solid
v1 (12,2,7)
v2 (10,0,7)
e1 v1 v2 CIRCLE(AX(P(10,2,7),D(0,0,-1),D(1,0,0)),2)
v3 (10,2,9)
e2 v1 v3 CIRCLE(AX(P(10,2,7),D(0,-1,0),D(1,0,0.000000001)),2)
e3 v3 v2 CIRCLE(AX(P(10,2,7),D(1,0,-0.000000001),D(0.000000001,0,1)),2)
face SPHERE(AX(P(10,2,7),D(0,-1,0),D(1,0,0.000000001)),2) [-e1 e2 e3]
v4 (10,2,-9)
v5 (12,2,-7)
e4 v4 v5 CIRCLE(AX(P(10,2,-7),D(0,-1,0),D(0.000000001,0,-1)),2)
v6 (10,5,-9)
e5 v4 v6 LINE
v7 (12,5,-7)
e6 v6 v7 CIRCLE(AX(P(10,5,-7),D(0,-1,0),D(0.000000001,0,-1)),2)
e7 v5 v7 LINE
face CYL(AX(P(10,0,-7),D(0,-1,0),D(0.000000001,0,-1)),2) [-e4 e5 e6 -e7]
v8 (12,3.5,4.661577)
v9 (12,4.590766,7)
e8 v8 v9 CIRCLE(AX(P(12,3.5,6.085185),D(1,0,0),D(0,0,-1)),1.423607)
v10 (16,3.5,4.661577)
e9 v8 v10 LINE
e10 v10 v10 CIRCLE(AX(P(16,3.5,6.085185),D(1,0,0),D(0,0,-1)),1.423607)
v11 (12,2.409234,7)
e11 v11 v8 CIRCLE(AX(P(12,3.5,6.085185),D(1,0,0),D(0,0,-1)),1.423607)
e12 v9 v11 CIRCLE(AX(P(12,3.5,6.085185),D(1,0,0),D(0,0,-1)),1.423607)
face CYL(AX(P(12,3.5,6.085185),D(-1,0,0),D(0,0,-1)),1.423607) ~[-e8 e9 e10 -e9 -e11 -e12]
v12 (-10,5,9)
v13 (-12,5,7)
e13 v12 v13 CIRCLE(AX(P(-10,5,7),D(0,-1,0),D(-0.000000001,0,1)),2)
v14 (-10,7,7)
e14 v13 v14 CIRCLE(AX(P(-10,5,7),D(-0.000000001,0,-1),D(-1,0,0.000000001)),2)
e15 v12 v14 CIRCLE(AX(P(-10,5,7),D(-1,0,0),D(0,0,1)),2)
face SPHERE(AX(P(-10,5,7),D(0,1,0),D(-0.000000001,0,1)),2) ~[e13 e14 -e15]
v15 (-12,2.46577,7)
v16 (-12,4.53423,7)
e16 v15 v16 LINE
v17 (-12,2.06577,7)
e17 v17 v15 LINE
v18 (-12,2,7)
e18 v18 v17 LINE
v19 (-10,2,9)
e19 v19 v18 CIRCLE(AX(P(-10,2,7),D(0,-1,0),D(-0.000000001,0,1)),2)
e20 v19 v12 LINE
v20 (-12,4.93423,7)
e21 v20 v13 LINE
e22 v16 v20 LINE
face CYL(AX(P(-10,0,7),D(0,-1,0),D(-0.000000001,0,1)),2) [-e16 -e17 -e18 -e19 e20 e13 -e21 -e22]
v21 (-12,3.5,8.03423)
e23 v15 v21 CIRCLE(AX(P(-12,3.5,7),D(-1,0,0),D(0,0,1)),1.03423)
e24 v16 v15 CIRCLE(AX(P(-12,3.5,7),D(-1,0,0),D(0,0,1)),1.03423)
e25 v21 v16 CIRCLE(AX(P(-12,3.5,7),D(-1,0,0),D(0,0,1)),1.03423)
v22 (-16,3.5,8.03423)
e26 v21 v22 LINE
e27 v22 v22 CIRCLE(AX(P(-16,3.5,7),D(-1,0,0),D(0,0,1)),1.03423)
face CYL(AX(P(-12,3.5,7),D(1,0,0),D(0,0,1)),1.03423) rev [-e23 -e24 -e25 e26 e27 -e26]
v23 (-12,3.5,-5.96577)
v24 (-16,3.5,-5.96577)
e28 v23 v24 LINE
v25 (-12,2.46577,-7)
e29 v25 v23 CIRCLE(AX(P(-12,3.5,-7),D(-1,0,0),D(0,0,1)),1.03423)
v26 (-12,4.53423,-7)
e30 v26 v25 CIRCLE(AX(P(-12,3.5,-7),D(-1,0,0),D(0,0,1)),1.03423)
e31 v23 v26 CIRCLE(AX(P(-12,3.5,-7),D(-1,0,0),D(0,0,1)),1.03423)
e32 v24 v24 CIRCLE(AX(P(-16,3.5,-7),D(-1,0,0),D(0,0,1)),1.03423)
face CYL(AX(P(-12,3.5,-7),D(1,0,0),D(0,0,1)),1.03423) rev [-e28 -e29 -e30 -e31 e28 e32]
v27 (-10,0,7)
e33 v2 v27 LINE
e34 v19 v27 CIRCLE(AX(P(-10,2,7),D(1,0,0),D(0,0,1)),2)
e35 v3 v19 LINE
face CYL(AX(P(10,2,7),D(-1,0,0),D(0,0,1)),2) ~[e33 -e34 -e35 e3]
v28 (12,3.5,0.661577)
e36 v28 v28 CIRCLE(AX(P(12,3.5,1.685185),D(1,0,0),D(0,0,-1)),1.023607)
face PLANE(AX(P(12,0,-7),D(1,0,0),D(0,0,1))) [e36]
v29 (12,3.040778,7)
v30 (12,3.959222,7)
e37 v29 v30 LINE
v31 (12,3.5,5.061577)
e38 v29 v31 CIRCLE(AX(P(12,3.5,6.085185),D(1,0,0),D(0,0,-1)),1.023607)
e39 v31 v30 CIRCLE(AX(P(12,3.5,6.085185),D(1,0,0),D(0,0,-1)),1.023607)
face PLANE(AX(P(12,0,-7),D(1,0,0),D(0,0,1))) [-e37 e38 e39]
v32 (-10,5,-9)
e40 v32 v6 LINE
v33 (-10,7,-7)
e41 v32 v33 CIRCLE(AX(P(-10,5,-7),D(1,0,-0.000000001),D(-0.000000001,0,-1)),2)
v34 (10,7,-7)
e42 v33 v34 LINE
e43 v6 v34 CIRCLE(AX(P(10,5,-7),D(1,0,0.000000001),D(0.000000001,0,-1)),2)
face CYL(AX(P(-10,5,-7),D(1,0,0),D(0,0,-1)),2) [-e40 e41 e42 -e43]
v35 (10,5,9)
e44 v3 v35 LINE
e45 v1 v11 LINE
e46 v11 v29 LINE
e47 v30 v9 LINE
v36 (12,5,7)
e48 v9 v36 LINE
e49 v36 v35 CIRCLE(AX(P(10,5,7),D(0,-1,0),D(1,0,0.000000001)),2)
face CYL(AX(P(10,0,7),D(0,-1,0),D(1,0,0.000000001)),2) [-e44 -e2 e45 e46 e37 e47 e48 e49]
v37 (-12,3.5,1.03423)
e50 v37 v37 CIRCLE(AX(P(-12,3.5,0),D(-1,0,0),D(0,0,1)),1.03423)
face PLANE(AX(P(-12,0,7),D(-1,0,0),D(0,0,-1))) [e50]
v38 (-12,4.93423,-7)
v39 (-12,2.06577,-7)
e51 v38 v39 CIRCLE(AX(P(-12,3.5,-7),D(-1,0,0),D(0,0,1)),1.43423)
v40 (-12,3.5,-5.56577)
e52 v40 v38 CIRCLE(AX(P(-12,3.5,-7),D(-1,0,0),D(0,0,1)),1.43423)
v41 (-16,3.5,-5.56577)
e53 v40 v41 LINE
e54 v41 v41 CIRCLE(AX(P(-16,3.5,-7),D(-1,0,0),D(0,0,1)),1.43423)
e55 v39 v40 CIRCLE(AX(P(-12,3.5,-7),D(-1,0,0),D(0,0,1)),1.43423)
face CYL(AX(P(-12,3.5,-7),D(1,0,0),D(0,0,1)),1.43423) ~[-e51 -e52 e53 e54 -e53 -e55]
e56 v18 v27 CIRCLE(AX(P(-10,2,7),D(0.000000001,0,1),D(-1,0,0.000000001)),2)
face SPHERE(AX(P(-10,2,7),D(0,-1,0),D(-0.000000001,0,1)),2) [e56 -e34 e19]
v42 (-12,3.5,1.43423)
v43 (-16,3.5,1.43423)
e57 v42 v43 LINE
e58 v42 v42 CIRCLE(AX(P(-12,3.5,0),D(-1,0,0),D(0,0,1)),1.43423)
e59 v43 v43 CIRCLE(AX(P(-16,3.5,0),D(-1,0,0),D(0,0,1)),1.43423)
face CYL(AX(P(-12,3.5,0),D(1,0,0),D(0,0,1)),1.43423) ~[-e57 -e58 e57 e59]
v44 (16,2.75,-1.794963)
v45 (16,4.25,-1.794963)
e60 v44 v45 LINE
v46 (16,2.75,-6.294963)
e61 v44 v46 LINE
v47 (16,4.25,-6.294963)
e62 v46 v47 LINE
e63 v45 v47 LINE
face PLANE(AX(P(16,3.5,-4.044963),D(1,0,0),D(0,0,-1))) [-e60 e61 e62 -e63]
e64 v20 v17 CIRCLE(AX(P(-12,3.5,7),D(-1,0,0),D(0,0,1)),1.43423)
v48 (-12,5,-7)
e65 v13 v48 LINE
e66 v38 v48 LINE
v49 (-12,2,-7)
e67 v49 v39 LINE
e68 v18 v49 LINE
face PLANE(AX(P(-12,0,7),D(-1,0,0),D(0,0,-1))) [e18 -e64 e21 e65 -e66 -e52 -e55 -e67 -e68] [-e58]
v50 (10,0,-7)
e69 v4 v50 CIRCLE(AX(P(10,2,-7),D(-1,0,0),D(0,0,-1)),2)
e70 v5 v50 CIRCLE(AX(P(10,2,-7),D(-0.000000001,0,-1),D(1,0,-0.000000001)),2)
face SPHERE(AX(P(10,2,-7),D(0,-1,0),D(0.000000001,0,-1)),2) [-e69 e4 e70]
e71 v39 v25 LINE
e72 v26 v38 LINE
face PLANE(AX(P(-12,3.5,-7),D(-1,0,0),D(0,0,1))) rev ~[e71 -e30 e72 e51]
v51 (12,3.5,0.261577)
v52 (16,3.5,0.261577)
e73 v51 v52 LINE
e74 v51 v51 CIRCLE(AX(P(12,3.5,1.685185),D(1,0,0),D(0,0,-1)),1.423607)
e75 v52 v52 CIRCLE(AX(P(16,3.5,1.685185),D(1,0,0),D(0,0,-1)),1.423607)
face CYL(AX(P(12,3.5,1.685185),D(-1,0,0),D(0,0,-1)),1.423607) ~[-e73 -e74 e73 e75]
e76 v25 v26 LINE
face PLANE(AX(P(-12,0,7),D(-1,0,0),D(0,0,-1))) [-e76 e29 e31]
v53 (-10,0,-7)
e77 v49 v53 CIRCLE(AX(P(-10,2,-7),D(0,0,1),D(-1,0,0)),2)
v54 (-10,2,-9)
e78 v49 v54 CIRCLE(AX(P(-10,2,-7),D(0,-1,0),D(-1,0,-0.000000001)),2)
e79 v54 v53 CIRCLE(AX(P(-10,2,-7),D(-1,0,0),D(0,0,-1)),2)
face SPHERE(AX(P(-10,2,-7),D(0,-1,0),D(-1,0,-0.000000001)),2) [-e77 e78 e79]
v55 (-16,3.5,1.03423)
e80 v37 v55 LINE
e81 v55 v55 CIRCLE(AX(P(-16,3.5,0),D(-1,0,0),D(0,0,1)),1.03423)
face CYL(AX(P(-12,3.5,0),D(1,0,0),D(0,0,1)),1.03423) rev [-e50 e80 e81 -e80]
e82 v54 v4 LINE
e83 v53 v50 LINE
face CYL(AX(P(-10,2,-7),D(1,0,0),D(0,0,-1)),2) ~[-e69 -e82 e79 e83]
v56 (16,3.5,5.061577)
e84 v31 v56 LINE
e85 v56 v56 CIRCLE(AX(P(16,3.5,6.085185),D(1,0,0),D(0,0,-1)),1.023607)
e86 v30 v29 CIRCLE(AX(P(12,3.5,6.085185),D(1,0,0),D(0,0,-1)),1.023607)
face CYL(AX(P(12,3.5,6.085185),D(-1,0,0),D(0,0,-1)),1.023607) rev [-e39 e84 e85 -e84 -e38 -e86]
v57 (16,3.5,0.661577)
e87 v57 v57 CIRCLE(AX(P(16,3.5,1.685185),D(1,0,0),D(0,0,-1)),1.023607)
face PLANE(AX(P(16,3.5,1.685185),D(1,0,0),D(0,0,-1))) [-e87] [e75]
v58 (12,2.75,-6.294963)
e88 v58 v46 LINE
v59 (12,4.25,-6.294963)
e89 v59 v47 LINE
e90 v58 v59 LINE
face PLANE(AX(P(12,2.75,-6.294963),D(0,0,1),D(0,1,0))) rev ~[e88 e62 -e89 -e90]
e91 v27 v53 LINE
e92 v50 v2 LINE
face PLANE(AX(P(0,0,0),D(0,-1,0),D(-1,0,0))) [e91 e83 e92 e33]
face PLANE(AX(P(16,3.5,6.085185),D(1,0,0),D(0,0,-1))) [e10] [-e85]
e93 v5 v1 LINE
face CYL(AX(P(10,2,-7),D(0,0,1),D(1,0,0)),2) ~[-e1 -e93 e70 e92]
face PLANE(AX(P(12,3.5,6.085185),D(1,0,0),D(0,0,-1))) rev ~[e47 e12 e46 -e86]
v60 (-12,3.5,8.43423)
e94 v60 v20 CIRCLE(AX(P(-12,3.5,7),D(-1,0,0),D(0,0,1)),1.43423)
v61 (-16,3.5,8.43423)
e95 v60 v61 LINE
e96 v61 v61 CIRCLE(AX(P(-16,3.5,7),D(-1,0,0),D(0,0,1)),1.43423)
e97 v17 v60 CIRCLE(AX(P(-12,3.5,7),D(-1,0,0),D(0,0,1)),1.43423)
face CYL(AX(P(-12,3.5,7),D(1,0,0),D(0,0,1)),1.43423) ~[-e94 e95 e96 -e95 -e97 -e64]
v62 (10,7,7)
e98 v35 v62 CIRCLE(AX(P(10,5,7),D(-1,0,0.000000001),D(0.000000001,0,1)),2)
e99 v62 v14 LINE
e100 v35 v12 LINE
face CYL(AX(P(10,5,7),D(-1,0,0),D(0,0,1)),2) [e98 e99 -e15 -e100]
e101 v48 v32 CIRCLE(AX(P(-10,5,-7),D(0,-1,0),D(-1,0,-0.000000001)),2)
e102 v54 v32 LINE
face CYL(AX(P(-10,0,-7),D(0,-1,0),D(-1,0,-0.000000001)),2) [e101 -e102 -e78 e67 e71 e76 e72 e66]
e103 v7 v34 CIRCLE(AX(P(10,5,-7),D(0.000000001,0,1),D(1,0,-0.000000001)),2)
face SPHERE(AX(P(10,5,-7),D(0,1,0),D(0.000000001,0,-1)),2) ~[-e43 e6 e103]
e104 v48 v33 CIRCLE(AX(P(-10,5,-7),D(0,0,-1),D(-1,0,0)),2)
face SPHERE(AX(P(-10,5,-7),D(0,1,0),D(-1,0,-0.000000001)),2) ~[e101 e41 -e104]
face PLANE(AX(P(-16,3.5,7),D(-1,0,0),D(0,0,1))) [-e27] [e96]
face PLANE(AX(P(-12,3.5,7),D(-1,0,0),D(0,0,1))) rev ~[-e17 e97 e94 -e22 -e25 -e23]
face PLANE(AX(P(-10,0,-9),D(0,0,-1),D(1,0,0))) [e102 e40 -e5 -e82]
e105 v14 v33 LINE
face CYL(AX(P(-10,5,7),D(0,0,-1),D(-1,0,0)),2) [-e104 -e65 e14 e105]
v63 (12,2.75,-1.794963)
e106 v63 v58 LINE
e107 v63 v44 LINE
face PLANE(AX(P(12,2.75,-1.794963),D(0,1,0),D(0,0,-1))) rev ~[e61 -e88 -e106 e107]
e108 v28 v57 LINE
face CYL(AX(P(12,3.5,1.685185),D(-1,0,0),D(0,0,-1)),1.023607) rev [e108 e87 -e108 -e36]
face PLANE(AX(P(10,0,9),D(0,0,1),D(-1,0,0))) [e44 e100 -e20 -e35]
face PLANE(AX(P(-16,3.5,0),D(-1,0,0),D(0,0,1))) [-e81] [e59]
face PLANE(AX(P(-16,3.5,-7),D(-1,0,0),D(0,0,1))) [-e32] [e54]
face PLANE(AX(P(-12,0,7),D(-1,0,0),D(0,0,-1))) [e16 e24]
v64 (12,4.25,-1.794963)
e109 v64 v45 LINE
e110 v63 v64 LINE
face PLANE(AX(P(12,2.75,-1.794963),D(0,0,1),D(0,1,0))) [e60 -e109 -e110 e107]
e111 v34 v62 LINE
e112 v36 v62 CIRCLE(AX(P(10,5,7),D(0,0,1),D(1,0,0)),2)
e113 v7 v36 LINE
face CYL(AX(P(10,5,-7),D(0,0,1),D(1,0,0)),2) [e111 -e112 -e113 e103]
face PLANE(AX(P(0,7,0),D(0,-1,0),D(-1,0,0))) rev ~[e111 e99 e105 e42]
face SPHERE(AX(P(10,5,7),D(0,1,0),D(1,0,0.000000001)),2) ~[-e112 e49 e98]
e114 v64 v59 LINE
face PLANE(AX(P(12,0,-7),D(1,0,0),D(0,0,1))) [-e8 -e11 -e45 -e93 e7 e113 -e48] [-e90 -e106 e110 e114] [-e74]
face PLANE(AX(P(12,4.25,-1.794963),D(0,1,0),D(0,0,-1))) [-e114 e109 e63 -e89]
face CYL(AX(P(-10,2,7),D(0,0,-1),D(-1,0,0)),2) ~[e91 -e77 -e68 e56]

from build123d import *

# Parameters (mm, degrees)
BOSS_EXTRUDE1_DEPTH = 7
FILLET1_R           = 2
SKETCH2_R           = 1.434229719
SKETCH2_R_2         = 1.034229719
BOSS_EXTRUDE2_DEPTH = 4
SKETCH3_R           = 1.423607329
SKETCH3_R_2         = 1.023607329
SKETCH3_W           = 4.5
SKETCH3_H           = 1.5
BOSS_EXTRUDE3_DEPTH = 4


with BuildPart() as part:
    # Sketch1 → Boss-Extrude1 (new body)
    with BuildSketch(Plane(origin=(0, 0, 0), x_dir=(1, 0, 0), z_dir=(0, 1, 0))):
        with BuildLine():
            Line((-10, 9), (10, 9))
            ThreePointArc((10, 9), (11.414213562, 8.414213562), (12, 7))
            Line((12, 7), (12, -7))
            ThreePointArc((12, -7), (11.414213562, -8.414213562), (10, -9))
            Line((10, -9), (-10, -9))
            ThreePointArc((-10, -9), (-11.414213562, -8.414213562), (-12, -7))
            Line((-12, -7), (-12, 7))
            ThreePointArc((-12, 7), (-11.414213562, 8.414213562), (-10, 9))
        make_face()
    extrude(amount=BOSS_EXTRUDE1_DEPTH)

    # Fillet1
    fillet1_edges = [part.edges().sort_by_distance(p)[0] for p in [
        (0, 0, -9),
        (11.414213562, 0, -8.414213562),
        (12, 0, 0),
        (11.414213562, 0, 8.414213562),
        (11.414213562, 7, -8.414213562),
        (0, 7, -9),
        (-11.414213562, 7, -8.414213562),
        (-12, 7, 0),
        (-11.414213562, 7, 8.414213562),
        (0, 7, 9),
        (11.414213562, 7, 8.414213562),
        (0, 0, 9),
        (12, 7, 0),
        (-11.414213562, 0, 8.414213562),
        (-12, 0, 0),
        (-11.414213562, 0, -8.414213562),
    ]]
    fillet(fillet1_edges, radius=FILLET1_R)

    # Sketch2 → Boss-Extrude2 (add)
    with BuildSketch(Plane.ZY.offset(12)):
        with Locations((-7, 3.5)):
            Circle(SKETCH2_R)
        with Locations((-7, 3.5)):
            Circle(SKETCH2_R_2, mode=Mode.SUBTRACT)
        with Locations((0, 3.5)):
            Circle(SKETCH2_R)
        with Locations((0, 3.5)):
            Circle(SKETCH2_R_2, mode=Mode.SUBTRACT)
        with Locations((7, 3.5)):
            Circle(SKETCH2_R)
        with Locations((7, 3.5)):
            Circle(SKETCH2_R_2, mode=Mode.SUBTRACT)
    extrude(amount=BOSS_EXTRUDE2_DEPTH)

    # Sketch3 → Boss-Extrude3 (add)
    with BuildSketch(Plane(origin=(12, 0, 0), x_dir=(0, 0, -1), z_dir=(1, 0, 0))):
        with Locations((-6.085184826, 3.5)):
            Circle(SKETCH3_R)
        with Locations((-6.085184826, 3.5)):
            Circle(SKETCH3_R_2, mode=Mode.SUBTRACT)
        with Locations((-1.685184826, 3.5)):
            Circle(SKETCH3_R)
        with Locations((-1.685184826, 3.5)):
            Circle(SKETCH3_R_2, mode=Mode.SUBTRACT)
        with Locations((4.044962508, 3.5)):
            Rectangle(SKETCH3_W, SKETCH3_H)
    extrude(amount=BOSS_EXTRUDE3_DEPTH)


solid = part.part
